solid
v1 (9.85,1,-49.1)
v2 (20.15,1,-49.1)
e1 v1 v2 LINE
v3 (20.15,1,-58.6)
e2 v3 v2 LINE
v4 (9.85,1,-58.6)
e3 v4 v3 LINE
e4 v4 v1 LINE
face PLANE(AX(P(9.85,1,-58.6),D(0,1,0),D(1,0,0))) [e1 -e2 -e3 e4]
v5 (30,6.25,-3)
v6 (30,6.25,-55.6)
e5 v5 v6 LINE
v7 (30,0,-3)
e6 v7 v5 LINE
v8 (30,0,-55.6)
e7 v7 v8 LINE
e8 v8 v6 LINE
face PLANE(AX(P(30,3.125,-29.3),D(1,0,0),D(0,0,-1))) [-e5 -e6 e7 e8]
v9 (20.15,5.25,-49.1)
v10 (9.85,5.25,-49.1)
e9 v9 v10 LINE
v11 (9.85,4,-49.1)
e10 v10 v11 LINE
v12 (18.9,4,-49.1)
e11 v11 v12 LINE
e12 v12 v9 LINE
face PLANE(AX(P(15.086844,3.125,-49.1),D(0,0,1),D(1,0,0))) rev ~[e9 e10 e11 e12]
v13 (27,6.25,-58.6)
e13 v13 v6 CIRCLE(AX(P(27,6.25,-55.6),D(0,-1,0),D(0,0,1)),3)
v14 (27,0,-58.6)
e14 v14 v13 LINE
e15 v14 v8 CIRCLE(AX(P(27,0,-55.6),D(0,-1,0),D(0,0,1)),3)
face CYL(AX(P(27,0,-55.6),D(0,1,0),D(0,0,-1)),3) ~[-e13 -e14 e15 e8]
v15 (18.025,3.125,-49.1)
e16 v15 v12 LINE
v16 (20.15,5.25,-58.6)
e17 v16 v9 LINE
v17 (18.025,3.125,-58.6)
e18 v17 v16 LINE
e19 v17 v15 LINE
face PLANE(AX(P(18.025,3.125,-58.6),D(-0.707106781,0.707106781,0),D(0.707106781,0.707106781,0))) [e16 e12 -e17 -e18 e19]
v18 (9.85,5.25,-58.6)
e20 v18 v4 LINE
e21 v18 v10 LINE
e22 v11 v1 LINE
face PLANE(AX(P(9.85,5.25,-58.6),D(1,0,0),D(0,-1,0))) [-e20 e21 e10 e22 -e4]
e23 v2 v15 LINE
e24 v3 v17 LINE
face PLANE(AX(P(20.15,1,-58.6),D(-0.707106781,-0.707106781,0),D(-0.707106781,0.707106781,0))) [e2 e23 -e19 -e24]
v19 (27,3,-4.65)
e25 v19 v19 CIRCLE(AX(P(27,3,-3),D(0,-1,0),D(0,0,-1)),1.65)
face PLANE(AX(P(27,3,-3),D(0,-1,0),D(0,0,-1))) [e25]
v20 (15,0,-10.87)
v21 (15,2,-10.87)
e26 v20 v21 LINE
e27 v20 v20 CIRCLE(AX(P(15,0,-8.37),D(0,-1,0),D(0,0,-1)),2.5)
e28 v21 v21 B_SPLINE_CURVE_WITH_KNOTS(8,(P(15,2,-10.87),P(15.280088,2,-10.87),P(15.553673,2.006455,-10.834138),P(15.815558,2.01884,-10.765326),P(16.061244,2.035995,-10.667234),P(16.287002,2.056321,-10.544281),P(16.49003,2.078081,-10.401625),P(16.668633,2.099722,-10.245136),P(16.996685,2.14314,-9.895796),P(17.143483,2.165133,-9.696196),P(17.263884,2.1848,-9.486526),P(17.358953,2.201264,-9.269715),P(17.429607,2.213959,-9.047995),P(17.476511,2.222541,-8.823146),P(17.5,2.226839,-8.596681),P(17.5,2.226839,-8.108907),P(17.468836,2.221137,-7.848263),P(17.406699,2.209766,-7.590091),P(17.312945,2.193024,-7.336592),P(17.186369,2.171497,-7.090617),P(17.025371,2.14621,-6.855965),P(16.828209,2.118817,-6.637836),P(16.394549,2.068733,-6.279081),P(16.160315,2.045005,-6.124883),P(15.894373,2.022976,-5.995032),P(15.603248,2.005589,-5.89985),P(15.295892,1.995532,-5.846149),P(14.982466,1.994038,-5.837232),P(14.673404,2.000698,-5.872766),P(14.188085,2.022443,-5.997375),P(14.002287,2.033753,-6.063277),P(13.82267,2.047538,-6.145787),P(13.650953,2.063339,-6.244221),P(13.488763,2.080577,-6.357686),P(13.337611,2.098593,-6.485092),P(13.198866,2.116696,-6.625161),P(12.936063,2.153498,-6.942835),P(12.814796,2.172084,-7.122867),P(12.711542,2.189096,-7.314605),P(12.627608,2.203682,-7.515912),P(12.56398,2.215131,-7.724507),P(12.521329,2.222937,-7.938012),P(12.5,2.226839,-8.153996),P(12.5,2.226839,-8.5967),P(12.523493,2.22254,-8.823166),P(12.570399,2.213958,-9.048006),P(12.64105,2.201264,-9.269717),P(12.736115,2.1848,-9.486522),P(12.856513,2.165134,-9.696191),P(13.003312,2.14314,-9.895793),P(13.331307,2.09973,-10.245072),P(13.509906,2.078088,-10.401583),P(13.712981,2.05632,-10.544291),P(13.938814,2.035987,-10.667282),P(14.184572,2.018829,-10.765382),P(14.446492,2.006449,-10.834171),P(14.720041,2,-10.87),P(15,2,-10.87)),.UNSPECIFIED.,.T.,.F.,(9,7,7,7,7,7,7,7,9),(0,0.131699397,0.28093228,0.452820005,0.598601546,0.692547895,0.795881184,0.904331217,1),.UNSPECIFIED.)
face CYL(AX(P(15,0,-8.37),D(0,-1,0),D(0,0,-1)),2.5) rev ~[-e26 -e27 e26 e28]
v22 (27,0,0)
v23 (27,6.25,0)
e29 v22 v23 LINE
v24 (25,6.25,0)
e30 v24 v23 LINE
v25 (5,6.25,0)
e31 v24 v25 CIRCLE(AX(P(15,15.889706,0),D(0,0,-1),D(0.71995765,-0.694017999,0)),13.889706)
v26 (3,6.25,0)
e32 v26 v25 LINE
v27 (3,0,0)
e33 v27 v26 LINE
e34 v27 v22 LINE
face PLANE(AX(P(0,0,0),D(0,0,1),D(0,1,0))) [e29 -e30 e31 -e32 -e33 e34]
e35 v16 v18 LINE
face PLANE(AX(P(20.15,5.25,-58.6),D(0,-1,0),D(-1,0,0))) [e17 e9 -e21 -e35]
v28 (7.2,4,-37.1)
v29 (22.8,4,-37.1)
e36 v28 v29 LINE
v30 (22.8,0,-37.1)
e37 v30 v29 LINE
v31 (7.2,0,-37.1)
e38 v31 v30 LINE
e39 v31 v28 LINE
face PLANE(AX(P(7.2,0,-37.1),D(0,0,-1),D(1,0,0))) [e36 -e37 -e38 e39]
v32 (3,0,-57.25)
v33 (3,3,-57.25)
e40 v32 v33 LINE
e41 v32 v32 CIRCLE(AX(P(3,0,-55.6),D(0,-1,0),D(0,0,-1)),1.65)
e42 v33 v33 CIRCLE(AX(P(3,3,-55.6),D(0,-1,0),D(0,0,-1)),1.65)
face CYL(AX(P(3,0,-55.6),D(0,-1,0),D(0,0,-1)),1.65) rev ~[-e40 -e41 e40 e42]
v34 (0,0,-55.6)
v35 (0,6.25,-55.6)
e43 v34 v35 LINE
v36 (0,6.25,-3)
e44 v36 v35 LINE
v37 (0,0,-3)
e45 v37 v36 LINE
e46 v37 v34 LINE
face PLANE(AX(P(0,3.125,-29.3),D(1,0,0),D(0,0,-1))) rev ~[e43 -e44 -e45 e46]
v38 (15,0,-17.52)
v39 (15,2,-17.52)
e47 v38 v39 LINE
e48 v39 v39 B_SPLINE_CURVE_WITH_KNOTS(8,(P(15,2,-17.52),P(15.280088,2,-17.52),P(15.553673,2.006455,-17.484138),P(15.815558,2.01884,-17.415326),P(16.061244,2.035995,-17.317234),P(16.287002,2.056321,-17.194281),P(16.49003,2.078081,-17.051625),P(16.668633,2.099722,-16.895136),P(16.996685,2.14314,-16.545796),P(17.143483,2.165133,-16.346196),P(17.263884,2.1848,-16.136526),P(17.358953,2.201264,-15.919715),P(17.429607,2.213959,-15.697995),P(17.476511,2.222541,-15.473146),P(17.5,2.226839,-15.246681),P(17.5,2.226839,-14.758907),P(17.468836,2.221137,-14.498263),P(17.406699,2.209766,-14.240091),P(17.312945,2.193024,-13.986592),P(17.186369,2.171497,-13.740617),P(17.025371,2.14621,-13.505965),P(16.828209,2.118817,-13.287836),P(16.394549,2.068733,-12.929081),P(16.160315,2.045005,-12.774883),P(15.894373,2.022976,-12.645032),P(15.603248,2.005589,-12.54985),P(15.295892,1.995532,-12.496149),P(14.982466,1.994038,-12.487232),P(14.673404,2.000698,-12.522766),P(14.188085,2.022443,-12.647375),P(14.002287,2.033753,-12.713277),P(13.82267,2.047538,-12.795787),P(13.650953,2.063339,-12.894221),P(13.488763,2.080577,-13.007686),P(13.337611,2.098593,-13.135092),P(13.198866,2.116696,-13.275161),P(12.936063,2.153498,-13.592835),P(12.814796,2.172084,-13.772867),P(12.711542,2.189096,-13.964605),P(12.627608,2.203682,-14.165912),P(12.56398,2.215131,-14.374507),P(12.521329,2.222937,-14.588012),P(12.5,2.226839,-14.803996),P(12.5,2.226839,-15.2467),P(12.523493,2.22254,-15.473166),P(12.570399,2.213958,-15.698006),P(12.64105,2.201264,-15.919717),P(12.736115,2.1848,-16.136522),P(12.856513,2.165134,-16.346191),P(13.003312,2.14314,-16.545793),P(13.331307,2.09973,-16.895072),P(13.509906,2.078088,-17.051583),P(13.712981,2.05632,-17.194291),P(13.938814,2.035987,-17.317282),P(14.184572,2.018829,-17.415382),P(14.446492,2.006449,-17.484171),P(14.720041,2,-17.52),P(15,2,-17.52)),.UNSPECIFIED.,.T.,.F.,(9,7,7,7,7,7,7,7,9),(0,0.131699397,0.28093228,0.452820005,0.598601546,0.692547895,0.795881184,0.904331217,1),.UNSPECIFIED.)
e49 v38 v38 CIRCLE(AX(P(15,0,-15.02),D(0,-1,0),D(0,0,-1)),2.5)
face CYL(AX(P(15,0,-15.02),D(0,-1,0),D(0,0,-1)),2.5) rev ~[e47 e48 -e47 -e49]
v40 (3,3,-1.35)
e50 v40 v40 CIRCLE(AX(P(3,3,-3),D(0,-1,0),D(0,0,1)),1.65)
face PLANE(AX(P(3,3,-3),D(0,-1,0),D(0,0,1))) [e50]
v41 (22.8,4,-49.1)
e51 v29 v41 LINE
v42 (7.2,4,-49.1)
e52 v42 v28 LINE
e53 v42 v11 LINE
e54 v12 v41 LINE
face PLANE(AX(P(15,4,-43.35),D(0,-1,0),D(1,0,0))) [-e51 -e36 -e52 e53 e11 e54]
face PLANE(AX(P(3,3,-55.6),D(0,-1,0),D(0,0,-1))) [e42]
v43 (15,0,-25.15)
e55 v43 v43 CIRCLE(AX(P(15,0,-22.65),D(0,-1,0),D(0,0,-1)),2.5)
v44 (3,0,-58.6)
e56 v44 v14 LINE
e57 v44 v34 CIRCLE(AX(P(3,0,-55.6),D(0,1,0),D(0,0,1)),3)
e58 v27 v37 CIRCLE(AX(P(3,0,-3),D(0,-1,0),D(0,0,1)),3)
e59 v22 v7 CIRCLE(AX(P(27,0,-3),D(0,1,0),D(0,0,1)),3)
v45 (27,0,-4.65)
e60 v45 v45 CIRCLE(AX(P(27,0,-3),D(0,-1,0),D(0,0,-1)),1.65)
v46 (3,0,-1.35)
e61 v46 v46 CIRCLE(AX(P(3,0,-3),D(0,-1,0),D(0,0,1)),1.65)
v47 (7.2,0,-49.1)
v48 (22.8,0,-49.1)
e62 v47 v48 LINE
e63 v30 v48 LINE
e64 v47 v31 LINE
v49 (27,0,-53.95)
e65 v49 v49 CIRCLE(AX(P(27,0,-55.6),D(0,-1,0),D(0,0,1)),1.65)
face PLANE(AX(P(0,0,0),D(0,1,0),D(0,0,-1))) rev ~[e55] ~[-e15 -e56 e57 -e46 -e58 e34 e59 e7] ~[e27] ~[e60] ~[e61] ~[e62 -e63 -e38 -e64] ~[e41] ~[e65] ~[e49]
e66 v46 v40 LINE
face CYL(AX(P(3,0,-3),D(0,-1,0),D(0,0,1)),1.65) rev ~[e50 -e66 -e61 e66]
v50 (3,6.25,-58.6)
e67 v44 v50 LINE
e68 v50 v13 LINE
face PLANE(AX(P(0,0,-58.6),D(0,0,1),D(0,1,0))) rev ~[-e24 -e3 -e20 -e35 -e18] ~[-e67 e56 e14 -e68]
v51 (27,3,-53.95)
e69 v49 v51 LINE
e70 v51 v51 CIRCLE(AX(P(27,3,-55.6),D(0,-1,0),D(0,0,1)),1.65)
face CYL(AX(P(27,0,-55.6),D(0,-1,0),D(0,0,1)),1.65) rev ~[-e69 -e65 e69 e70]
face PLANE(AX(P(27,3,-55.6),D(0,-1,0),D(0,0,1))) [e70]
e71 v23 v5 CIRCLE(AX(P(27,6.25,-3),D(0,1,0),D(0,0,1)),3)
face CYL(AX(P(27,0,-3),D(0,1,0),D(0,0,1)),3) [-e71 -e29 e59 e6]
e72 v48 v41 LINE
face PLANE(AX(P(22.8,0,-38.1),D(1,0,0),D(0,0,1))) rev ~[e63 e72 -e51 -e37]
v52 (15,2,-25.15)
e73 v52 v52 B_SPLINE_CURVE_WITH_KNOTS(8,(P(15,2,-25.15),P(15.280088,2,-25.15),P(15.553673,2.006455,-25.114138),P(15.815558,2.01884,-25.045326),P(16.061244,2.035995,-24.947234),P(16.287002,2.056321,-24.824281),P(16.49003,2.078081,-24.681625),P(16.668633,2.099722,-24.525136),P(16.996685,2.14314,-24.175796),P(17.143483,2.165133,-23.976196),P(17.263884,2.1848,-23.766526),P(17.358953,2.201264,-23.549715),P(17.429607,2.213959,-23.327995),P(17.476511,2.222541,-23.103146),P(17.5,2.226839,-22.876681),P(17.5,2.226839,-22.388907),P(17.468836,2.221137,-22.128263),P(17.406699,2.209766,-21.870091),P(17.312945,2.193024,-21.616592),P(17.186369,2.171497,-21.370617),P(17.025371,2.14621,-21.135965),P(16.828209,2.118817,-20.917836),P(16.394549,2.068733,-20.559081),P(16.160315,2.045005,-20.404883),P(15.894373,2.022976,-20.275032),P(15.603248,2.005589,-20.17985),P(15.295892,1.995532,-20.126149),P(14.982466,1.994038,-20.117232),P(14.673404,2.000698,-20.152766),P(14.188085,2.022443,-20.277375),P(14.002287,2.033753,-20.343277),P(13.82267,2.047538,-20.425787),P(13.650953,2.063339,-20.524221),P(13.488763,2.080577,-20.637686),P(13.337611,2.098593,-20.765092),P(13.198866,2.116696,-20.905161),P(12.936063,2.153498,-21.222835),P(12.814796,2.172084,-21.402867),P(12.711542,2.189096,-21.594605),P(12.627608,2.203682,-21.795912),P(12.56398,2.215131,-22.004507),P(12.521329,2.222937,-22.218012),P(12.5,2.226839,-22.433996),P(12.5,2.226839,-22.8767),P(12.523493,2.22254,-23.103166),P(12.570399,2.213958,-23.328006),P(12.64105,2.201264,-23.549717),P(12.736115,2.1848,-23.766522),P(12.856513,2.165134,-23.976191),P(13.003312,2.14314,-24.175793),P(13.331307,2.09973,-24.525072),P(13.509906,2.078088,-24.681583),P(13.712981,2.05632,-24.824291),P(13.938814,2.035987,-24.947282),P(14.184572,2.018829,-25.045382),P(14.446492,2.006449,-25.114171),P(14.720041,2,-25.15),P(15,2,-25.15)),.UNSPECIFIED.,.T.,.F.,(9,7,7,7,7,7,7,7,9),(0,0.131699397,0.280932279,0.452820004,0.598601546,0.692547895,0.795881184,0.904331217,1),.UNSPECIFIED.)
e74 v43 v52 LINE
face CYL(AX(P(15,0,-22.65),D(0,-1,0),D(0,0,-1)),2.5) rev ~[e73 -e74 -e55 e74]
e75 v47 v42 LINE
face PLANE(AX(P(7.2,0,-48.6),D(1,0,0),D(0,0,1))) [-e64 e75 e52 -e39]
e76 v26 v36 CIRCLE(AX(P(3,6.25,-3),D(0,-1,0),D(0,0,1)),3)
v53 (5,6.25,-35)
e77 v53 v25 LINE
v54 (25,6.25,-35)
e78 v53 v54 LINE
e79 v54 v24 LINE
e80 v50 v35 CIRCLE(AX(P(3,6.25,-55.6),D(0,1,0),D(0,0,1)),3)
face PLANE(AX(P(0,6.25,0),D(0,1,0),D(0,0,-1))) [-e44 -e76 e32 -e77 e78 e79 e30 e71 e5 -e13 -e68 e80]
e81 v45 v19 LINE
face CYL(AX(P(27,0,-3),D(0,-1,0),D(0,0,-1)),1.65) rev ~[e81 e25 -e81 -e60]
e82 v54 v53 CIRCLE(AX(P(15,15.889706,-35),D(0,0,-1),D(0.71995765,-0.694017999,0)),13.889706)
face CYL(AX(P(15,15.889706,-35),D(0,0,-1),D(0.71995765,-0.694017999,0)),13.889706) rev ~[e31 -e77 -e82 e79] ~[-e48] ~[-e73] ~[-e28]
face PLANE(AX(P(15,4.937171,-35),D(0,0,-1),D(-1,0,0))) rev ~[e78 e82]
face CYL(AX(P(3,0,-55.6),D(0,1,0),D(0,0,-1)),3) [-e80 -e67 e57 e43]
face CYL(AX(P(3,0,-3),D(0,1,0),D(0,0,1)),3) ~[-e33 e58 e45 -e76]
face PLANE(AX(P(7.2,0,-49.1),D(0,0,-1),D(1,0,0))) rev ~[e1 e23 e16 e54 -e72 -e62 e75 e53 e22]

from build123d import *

# Parameters (mm, degrees)
SKETCH1_W               = 58.6
SKETCH1_H               = 6.25
BOSS_EXTRUDE1_DEPTH     = 30
CUT_EXTRUDE1_DEPTH      = 67.128832592
CUT_EXTRUDE1_DEPTH_BACK = 35
SKETCH4_R               = 2.5
SKETCH4_W               = 15.6
SKETCH4_H               = 10.5
CUT_EXTRUDE2_DEPTH      = 4
CUT_EXTRUDE3_DEPTH      = 9.5
SKETCH6_W               = 15.6
SKETCH6_H               = 1
SKETCH6_H_2             = 0.5
CUT_EXTRUDE4_DEPTH      = 4
FILLET1_R               = 3
SKETCH7_R               = 1.65
CUT_EXTRUDE5_DEPTH      = 3


with BuildPart() as part:
    # Sketch1 → Boss-Extrude1 (new body)
    with BuildSketch(Plane(origin=(0, 0, 0), x_dir=(0, 0, -1), z_dir=(1, 0, 0))):
        with Locations((29.3, 3.125)):
            Rectangle(SKETCH1_W, SKETCH1_H)
    extrude(amount=BOSS_EXTRUDE1_DEPTH)

    # Sketch2 → Cut-Extrude1 (cut, two sides: drawn at the far end of the back side and taken through both)
    with BuildSketch(Plane.XY.offset(-CUT_EXTRUDE1_DEPTH_BACK)):
        with BuildLine():
            Line((5, 6.25), (25, 6.25))
            ThreePointArc((25, 6.25), (15, 2), (5, 6.25))
        make_face()
    extrude(amount=CUT_EXTRUDE1_DEPTH + CUT_EXTRUDE1_DEPTH_BACK, mode=Mode.SUBTRACT)

    # Sketch4 → Cut-Extrude2 (cut)
    with BuildSketch(Plane.XZ):
        with Locations(Location((15, -8.37, 0), (0, 0, 270))):
            Circle(SKETCH4_R)
        with Locations(Location((15, -15.02, 0), (0, 0, 270))):
            Circle(SKETCH4_R)
        with Locations(Location((15, -22.65, 0), (0, 0, 270))):
            Circle(SKETCH4_R)
        with Locations((15, -43.35)):
            Rectangle(SKETCH4_W, SKETCH4_H)
    extrude(amount=-CUT_EXTRUDE2_DEPTH, mode=Mode.SUBTRACT)

    # Sketch5 → Cut-Extrude3 (cut)
    with BuildSketch(Plane(origin=(0, 0, -58.6), x_dir=(-1, 0, 0), z_dir=(0, 0, -1))):
        Polygon((-9.85, 1), (-20.15, 1), (-18.025, 3.125), (-20.15, 5.25), (-9.85, 5.25), align=None)
    extrude(amount=-CUT_EXTRUDE3_DEPTH, mode=Mode.SUBTRACT)

    # Sketch6 → Cut-Extrude4 (cut)
    with BuildSketch(Plane.XZ):
        with Locations((15, -37.6)):
            Rectangle(SKETCH6_W, SKETCH6_H)
        with Locations((15, -48.85)):
            Rectangle(SKETCH6_W, SKETCH6_H_2)
    extrude(amount=-CUT_EXTRUDE4_DEPTH, mode=Mode.SUBTRACT)

    # Fillet1
    fillet1_edges = [part.edges().sort_by_distance(p)[0] for p in [
        (30, 3.125, -58.6),
        (30, 3.125, 0),
        (0, 3.125, -58.6),
        (0, 3.125, 0),
    ]]
    fillet(fillet1_edges, radius=FILLET1_R)

    # Sketch7 → Cut-Extrude5 (cut)
    with BuildSketch(Plane.XZ):
        with Locations(Location((3, -55.6, 0), (0, 0, 270))):
            Circle(SKETCH7_R)
        with Locations(Location((27, -55.6, 0), (0, 0, 90))):
            Circle(SKETCH7_R)
        with Locations(Location((27, -3, 0), (0, 0, 270))):
            Circle(SKETCH7_R)
        with Locations(Location((3, -3, 0), (0, 0, 90))):
            Circle(SKETCH7_R)
    extrude(amount=-CUT_EXTRUDE5_DEPTH, mode=Mode.SUBTRACT)


solid = part.part
